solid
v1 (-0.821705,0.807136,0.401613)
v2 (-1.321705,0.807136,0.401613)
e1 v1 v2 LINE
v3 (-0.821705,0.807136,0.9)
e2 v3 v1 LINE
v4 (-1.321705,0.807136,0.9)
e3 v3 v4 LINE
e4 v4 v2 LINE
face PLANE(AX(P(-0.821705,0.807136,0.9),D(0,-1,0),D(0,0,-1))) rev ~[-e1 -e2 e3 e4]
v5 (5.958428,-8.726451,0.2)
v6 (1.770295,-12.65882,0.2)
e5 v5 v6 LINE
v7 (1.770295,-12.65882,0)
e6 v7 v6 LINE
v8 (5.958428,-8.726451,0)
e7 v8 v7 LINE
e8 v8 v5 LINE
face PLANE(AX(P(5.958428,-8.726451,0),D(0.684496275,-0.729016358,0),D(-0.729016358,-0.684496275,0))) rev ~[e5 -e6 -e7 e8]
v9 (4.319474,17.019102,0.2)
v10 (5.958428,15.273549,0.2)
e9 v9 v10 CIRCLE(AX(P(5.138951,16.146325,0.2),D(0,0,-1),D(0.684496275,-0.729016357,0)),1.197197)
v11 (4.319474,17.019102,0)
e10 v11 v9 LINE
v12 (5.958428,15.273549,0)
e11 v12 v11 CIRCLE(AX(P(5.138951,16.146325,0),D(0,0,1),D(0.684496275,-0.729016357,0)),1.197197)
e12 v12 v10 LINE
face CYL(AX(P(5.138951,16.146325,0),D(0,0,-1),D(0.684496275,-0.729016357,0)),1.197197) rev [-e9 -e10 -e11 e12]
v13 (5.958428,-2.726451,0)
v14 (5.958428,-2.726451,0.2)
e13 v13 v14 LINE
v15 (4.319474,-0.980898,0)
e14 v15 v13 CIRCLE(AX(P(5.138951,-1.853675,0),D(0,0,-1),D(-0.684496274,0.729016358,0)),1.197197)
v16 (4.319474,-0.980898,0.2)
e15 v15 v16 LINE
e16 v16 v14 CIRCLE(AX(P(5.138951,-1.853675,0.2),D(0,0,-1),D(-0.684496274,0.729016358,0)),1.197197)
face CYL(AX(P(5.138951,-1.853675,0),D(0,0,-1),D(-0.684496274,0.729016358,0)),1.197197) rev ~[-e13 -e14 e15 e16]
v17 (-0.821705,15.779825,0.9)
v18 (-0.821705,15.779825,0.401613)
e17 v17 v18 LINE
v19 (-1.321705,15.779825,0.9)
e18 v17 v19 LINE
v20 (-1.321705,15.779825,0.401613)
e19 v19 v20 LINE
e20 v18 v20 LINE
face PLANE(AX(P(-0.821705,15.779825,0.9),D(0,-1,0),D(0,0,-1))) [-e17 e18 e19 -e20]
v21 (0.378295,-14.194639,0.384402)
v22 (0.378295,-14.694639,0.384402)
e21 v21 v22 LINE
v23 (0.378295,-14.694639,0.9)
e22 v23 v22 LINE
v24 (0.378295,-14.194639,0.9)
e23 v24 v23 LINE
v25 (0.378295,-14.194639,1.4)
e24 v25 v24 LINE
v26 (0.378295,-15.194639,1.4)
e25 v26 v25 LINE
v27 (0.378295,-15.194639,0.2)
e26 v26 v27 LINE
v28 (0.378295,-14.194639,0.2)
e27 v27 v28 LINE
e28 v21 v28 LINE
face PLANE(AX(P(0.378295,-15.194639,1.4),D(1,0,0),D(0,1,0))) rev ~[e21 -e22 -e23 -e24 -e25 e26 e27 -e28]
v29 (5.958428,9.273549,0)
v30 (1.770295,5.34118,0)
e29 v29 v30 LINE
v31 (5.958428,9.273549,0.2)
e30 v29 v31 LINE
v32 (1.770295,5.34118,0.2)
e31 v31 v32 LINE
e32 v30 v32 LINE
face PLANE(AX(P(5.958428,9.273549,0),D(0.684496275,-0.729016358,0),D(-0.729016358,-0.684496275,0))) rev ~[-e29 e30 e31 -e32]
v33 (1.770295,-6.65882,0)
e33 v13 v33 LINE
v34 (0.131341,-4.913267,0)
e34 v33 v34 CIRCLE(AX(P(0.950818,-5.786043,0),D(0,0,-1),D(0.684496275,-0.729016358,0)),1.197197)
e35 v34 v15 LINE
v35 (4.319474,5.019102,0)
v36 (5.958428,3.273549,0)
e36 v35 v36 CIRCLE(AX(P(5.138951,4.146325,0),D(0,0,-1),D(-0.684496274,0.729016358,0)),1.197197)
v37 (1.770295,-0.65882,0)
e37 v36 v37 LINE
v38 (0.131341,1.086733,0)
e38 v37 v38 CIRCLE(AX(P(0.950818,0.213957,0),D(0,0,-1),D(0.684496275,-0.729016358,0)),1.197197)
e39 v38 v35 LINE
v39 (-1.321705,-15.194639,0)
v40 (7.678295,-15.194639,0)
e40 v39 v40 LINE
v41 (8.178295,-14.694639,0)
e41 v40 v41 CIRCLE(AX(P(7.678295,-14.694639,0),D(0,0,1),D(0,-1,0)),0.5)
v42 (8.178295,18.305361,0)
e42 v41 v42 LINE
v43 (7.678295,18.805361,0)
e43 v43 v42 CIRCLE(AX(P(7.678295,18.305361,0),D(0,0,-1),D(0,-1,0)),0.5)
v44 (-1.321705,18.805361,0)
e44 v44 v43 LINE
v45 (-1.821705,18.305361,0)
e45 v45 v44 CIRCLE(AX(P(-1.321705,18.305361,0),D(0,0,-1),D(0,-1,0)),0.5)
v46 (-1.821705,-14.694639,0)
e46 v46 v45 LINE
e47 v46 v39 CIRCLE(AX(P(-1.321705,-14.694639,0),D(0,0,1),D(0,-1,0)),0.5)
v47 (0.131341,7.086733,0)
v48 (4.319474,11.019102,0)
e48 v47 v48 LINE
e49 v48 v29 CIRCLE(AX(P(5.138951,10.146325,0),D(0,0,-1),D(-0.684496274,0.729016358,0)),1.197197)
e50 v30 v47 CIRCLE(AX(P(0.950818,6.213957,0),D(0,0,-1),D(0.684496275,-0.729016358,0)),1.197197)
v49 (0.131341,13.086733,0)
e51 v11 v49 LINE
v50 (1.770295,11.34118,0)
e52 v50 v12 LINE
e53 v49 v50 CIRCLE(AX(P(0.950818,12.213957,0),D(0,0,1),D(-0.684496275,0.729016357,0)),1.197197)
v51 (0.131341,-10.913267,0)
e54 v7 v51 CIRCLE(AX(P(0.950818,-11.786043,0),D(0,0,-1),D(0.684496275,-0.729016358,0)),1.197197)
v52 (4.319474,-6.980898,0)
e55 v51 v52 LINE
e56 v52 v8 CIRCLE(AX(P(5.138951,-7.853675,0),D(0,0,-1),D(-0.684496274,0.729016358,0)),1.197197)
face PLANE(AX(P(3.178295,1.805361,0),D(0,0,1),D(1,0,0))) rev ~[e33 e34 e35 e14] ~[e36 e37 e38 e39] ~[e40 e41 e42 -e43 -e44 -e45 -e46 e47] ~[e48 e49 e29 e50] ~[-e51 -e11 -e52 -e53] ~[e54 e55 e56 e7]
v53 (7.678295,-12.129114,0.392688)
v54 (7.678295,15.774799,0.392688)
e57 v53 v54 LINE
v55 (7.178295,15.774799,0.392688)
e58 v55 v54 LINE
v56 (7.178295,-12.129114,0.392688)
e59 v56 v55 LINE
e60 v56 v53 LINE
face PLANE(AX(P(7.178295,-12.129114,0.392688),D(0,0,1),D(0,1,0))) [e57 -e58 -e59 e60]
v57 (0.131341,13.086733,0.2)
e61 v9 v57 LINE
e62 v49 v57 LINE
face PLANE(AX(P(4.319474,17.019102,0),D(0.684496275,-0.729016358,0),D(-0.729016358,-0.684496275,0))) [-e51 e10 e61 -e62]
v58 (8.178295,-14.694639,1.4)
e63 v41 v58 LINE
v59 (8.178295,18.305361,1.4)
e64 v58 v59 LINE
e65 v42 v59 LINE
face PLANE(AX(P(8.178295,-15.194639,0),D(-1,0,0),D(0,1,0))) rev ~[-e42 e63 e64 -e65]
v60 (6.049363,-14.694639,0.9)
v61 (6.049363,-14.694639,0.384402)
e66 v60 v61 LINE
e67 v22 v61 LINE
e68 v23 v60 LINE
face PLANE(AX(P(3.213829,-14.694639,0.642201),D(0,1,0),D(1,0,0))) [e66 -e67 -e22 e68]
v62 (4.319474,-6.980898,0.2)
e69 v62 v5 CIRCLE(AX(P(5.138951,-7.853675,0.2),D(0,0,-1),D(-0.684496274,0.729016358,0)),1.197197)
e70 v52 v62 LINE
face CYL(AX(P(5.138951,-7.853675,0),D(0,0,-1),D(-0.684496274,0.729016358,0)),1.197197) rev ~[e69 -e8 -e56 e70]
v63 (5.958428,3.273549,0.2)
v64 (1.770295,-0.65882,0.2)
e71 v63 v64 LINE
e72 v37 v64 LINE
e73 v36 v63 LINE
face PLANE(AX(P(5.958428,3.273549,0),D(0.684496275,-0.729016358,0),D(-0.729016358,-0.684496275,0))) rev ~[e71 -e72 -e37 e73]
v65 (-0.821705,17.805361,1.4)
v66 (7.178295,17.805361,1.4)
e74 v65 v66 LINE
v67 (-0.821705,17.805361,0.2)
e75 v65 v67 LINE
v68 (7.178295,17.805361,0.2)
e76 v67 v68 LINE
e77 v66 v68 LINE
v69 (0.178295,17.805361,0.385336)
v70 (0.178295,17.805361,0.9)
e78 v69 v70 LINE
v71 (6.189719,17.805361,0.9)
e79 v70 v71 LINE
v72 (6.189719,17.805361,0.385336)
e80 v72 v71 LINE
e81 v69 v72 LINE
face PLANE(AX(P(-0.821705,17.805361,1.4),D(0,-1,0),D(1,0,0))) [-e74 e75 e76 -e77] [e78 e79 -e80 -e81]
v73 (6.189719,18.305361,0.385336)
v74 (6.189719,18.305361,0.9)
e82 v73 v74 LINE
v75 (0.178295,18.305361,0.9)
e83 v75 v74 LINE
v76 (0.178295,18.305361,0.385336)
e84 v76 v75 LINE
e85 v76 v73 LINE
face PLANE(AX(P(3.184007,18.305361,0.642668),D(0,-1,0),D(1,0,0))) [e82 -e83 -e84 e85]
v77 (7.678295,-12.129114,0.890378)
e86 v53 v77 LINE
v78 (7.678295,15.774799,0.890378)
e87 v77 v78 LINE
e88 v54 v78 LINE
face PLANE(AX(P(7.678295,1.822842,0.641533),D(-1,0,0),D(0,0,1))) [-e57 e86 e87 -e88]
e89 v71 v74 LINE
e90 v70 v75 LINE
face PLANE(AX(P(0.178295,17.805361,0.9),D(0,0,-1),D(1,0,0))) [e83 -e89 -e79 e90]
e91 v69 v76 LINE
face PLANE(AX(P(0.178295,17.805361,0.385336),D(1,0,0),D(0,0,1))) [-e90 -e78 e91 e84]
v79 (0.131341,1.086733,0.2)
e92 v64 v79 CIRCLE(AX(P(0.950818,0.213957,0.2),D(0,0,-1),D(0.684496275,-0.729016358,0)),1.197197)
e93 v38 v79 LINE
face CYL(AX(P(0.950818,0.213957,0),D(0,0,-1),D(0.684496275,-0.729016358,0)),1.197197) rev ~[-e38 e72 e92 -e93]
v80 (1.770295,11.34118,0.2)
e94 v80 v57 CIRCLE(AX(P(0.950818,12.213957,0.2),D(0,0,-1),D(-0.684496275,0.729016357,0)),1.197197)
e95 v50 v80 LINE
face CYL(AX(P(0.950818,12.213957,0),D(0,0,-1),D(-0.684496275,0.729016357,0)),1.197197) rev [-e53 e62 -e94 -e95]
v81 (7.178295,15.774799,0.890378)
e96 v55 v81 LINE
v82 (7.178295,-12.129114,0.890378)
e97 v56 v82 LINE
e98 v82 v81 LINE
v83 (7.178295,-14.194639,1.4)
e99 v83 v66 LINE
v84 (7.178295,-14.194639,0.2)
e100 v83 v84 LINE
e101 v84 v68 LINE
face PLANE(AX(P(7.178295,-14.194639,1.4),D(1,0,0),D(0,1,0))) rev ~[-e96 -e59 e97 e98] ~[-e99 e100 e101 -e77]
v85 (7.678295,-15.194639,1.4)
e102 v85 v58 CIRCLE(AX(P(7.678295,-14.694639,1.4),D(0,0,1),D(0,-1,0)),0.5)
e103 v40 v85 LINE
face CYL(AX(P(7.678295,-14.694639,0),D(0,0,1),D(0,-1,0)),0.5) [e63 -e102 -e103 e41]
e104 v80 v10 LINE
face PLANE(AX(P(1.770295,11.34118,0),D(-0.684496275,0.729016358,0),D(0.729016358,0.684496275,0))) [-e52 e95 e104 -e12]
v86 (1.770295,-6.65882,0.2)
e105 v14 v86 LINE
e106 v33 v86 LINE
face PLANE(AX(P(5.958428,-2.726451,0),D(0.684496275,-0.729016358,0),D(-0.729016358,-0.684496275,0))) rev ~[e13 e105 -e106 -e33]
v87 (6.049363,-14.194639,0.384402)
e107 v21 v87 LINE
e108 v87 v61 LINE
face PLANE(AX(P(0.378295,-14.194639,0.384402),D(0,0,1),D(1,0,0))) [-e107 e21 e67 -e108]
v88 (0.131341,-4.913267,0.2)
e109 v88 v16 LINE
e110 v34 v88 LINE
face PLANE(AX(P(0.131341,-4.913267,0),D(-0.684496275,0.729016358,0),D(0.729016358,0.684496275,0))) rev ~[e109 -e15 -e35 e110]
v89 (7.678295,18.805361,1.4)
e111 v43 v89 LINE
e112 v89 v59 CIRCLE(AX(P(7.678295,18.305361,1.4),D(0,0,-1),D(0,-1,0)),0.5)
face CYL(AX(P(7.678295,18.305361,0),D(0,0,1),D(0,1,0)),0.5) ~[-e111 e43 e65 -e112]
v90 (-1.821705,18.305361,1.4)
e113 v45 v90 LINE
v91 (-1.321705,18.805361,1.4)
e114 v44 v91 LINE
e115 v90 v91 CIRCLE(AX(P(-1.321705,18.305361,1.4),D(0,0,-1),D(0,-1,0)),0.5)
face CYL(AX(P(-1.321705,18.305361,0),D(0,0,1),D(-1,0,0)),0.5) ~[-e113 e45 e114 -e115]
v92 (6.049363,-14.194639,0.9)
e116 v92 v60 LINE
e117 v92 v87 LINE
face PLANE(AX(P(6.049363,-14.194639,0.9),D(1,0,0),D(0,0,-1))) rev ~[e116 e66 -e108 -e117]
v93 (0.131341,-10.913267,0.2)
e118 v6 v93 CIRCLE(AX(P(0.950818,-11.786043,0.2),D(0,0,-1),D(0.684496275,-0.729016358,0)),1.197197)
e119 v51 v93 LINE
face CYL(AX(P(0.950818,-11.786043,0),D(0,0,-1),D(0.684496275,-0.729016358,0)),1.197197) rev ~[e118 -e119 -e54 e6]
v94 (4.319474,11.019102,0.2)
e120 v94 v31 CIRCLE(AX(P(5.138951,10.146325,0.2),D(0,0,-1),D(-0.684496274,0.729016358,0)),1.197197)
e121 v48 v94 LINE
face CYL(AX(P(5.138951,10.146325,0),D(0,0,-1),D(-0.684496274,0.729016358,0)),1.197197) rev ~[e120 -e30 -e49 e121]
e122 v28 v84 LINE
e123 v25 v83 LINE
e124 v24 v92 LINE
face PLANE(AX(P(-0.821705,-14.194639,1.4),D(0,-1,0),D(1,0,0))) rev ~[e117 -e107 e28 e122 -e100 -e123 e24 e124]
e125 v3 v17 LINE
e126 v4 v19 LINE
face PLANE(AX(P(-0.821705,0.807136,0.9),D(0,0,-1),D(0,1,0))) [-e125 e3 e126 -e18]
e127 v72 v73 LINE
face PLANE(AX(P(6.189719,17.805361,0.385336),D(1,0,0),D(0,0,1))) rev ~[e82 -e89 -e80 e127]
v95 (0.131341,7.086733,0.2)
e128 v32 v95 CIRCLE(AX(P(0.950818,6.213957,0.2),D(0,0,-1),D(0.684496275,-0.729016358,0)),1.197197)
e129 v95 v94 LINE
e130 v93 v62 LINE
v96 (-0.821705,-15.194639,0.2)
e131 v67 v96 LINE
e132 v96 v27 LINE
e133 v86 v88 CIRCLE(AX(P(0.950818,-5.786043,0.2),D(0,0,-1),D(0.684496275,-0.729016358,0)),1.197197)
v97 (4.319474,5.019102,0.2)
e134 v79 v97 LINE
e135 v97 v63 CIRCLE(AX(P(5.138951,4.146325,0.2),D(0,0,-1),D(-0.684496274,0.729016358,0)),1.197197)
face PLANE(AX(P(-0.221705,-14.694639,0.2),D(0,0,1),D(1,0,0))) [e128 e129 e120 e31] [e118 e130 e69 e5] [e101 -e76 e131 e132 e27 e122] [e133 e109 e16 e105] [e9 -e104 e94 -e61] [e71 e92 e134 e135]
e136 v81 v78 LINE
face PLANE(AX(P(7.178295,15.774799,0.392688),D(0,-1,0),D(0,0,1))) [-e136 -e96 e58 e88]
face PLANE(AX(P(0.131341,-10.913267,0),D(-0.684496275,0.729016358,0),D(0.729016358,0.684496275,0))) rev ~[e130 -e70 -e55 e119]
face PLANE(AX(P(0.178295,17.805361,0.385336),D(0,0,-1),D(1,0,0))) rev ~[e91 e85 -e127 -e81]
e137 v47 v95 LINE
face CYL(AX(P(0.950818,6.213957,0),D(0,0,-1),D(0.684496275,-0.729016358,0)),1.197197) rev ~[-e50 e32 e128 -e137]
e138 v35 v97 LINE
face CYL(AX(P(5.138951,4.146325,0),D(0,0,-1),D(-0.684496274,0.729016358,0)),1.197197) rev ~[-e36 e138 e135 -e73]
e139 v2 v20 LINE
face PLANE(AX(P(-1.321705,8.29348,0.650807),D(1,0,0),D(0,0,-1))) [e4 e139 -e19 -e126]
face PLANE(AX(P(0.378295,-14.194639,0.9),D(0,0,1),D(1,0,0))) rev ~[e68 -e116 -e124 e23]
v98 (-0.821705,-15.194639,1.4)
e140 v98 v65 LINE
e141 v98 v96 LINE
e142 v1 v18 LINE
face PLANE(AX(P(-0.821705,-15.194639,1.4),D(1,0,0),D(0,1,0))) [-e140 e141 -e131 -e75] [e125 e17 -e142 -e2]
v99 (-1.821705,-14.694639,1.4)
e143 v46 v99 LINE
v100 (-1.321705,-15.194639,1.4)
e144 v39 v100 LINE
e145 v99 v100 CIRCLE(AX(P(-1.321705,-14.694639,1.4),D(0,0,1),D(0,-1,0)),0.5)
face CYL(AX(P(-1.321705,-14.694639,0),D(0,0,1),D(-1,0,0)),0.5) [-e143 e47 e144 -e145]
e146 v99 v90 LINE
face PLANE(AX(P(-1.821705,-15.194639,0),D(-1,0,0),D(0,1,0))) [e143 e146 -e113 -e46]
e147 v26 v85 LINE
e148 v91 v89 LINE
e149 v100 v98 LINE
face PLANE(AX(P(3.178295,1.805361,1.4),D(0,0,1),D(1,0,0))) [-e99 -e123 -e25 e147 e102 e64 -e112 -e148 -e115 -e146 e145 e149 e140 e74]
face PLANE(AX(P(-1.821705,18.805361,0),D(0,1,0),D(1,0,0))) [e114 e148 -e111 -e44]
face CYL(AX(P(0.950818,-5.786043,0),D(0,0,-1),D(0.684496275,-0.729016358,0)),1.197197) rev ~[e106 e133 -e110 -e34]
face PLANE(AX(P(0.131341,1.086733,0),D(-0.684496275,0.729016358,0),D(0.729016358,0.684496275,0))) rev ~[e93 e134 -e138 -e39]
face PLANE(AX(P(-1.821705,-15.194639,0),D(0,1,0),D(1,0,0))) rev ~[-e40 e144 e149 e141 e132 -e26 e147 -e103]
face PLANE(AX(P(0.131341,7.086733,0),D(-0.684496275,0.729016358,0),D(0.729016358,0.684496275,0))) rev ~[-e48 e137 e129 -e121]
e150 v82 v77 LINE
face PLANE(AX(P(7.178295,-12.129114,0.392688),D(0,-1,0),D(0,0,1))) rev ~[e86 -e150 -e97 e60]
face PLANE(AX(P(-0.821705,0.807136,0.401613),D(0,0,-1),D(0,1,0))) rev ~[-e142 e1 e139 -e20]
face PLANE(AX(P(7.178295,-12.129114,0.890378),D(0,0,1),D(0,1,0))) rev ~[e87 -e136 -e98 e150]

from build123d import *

# Parameters (mm, degrees)
SKETCH_1_W           = 10
SKETCH_1_H           = 34
EXTRUDE_2_DEPTH      = 1.4
SKETCH_2_W           = 8
SKETCH_2_H           = 32
CUT_EXTRUDE_1_DEPTH  = 1.2
SKETCH_4_W           = 1.2
SKETCH_4_H           = 1
CUT_EXTRUDE_4_DEPTH  = 1.2
FILLET_1_R           = 0.5
FILLET_2_R           = 0.5
SKETCH_6_W           = 6.011424245
SKETCH_6_H           = 0.514664245
CUT_EXTRUDE_6_DEPTH  = 0.5
SKETCH_7_W           = 0.498386998
SKETCH_7_H           = 14.972688723
CUT_EXTRUDE_7_DEPTH  = 0.5
SKETCH_8_W           = 0.497690278
SKETCH_8_H           = 27.903913782
CUT_EXTRUDE_8_DEPTH  = 0.5
SKETCH_10_W          = 5.67106867
SKETCH_10_H          = 0.515598409
CUT_EXTRUDE_9_DEPTH  = 0.5
CUT_EXTRUDE_11_REACH = 22.554


with BuildPart() as part:
    # 草图1 → 凸台-拉伸2 (new body)
    with BuildSketch(Plane.XY):
        with Locations((3.178294574, 1.80536099)):
            Rectangle(SKETCH_1_W, SKETCH_1_H)
    extrude(amount=EXTRUDE_2_DEPTH)

    # 草图2 → 切除-拉伸1 (cut)
    with BuildSketch(Plane.XY.offset(1.4)):
        with Locations((3.178294574, 1.80536099)):
            Rectangle(SKETCH_2_W, SKETCH_2_H)
    extrude(amount=-CUT_EXTRUDE_1_DEPTH, mode=Mode.SUBTRACT)

    # 草图4 → 切除-拉伸4 (cut)
    with BuildSketch(Plane.XY.offset(1.4)):
        with Locations((-0.221705426, -14.69463901)):
            Rectangle(SKETCH_4_W, SKETCH_4_H)
    extrude(amount=-CUT_EXTRUDE_4_DEPTH, mode=Mode.SUBTRACT)

    # 圆角1
    fillet_1_edges = [part.edges().sort_by_distance(p)[0] for p in [
        (-1.821705426, -15.19463901, 0.7),
    ]]
    fillet(fillet_1_edges, radius=FILLET_1_R)

    # 圆角2
    fillet_2_edges = [part.edges().sort_by_distance(p)[0] for p in [
        (-1.821705426, 18.80536099, 0.7),
        (8.178294574, 18.80536099, 0.7),
        (8.178294574, -15.19463901, 0.7),
    ]]
    fillet(fillet_2_edges, radius=FILLET_2_R)

    # 草图6 → 切除-拉伸6 (cut)
    with BuildSketch(Plane.XZ.offset(-17.80536099)):
        with Locations((3.184006697, 0.642667877)):
            Rectangle(SKETCH_6_W, SKETCH_6_H)
    extrude(amount=-CUT_EXTRUDE_6_DEPTH, mode=Mode.SUBTRACT)

    # 草图7 → 切除-拉伸7 (cut)
    with BuildSketch(Plane(origin=(-0.821705426, 0, 0), x_dir=(0, 0, -1), z_dir=(1, 0, 0))):
        with Locations((-0.650806501, 8.293480481)):
            Rectangle(SKETCH_7_W, SKETCH_7_H)
    extrude(amount=-CUT_EXTRUDE_7_DEPTH, mode=Mode.SUBTRACT)

    # 草图8 → 切除-拉伸8 (cut)
    with BuildSketch(Plane.ZY.offset(-7.178294574)):
        with Locations((0.641533001, 1.822842427)):
            Rectangle(SKETCH_8_W, SKETCH_8_H)
    extrude(amount=-CUT_EXTRUDE_8_DEPTH, mode=Mode.SUBTRACT)

    # 草图10 → 切除-拉伸9 (cut)
    with BuildSketch(Plane(origin=(0, -14.19463901, 0), x_dir=(1, 0, 0), z_dir=(0, 1, 0))):
        with Locations((3.213828909, -0.642200795)):
            Rectangle(SKETCH_10_W, SKETCH_10_H)
    extrude(amount=-CUT_EXTRUDE_9_DEPTH, mode=Mode.SUBTRACT)

    # 草图11 → 切除-拉伸11 (cut, up to next)
    with BuildSketch(Plane(origin=(0, 0, 0), x_dir=(-1, 0, 0), z_dir=(0, 0, -1)), mode=Mode.PRIVATE) as cut_extrude_11_sk1:
        with BuildLine():
            Line((-4.31947378, 17.019101686), (-0.131341084, 13.086732818))
            ThreePointArc((-0.131341084, 13.086732818), (-0.078041772, 11.394479644), (-1.770294947, 11.341180331))
            Line((-1.770294947, 11.341180331), (-5.958427643, 15.273549198))
            ThreePointArc((-5.958427643, 15.273549198), (-6.011726955, 16.965802373), (-4.31947378, 17.019101686))
        make_face()
    cut_extrude_11_tool1 = extrude(cut_extrude_11_sk1.sketch, amount=-CUT_EXTRUDE_11_REACH, mode=Mode.PRIVATE) & part.part
    # 草图11 → 切除-拉伸11 (cut, up to next)
    with BuildSketch(Plane(origin=(0, 0, 0), x_dir=(-1, 0, 0), z_dir=(0, 0, -1)), mode=Mode.PRIVATE) as cut_extrude_11_sk2:
        with BuildLine():
            Line((-5.958427643, 9.273549198), (-1.770294947, 5.341180331))
            ThreePointArc((-1.770294947, 5.341180331), (-0.078041772, 5.394479644), (-0.131341084, 7.086732818))
            Line((-0.131341084, 7.086732818), (-4.31947378, 11.019101686))
            ThreePointArc((-4.31947378, 11.019101686), (-6.011726955, 10.965802373), (-5.958427643, 9.273549198))
        make_face()
    cut_extrude_11_tool2 = extrude(cut_extrude_11_sk2.sketch, amount=-CUT_EXTRUDE_11_REACH, mode=Mode.PRIVATE) & part.part
    # 草图11 → 切除-拉伸11 (cut, up to next)
    with BuildSketch(Plane(origin=(0, 0, 0), x_dir=(-1, 0, 0), z_dir=(0, 0, -1)), mode=Mode.PRIVATE) as cut_extrude_11_sk3:
        with BuildLine():
            Line((-5.958427643, 3.273549198), (-1.770294947, -0.658819669))
            ThreePointArc((-1.770294947, -0.658819669), (-0.078041772, -0.605520356), (-0.131341084, 1.086732818))
            Line((-0.131341084, 1.086732818), (-4.31947378, 5.019101686))
            ThreePointArc((-4.31947378, 5.019101686), (-6.011726955, 4.965802373), (-5.958427643, 3.273549198))
        make_face()
    cut_extrude_11_tool3 = extrude(cut_extrude_11_sk3.sketch, amount=-CUT_EXTRUDE_11_REACH, mode=Mode.PRIVATE) & part.part
    # 草图11 → 切除-拉伸11 (cut, up to next)
    with BuildSketch(Plane(origin=(0, 0, 0), x_dir=(-1, 0, 0), z_dir=(0, 0, -1)), mode=Mode.PRIVATE) as cut_extrude_11_sk4:
        with BuildLine():
            Line((-5.958427643, -2.726450802), (-1.770294947, -6.658819669))
            ThreePointArc((-1.770294947, -6.658819669), (-0.078041772, -6.605520356), (-0.131341084, -4.913267182))
            Line((-0.131341084, -4.913267182), (-4.31947378, -0.980898314))
            ThreePointArc((-4.31947378, -0.980898314), (-6.011726955, -1.034197627), (-5.958427643, -2.726450802))
        make_face()
    cut_extrude_11_tool4 = extrude(cut_extrude_11_sk4.sketch, amount=-CUT_EXTRUDE_11_REACH, mode=Mode.PRIVATE) & part.part
    # 草图11 → 切除-拉伸11 (cut, up to next)
    with BuildSketch(Plane(origin=(0, 0, 0), x_dir=(-1, 0, 0), z_dir=(0, 0, -1)), mode=Mode.PRIVATE) as cut_extrude_11_sk5:
        with BuildLine():
            Line((-5.958427643, -8.726450802), (-1.770294947, -12.658819669))
            ThreePointArc((-1.770294947, -12.658819669), (-0.078041772, -12.605520356), (-0.131341084, -10.913267182))
            Line((-0.131341084, -10.913267182), (-4.31947378, -6.980898314))
            ThreePointArc((-4.31947378, -6.980898314), (-6.011726955, -7.034197627), (-5.958427643, -8.726450802))
        make_face()
    cut_extrude_11_tool5 = extrude(cut_extrude_11_sk5.sketch, amount=-CUT_EXTRUDE_11_REACH, mode=Mode.PRIVATE) & part.part
    add(cut_extrude_11_tool1.solids().sort_by_distance((3.044884, 14.180141, 0))[0], mode=Mode.SUBTRACT)
    add(cut_extrude_11_tool2.solids().sort_by_distance((3.044884, 8.180141, 0))[0], mode=Mode.SUBTRACT)
    add(cut_extrude_11_tool3.solids().sort_by_distance((3.044884, 2.180141, 0))[0], mode=Mode.SUBTRACT)
    add(cut_extrude_11_tool4.solids().sort_by_distance((3.044884, -3.819859, 0))[0], mode=Mode.SUBTRACT)
    add(cut_extrude_11_tool5.solids().sort_by_distance((3.044884, -9.819859, 0))[0], mode=Mode.SUBTRACT)


solid = part.part
